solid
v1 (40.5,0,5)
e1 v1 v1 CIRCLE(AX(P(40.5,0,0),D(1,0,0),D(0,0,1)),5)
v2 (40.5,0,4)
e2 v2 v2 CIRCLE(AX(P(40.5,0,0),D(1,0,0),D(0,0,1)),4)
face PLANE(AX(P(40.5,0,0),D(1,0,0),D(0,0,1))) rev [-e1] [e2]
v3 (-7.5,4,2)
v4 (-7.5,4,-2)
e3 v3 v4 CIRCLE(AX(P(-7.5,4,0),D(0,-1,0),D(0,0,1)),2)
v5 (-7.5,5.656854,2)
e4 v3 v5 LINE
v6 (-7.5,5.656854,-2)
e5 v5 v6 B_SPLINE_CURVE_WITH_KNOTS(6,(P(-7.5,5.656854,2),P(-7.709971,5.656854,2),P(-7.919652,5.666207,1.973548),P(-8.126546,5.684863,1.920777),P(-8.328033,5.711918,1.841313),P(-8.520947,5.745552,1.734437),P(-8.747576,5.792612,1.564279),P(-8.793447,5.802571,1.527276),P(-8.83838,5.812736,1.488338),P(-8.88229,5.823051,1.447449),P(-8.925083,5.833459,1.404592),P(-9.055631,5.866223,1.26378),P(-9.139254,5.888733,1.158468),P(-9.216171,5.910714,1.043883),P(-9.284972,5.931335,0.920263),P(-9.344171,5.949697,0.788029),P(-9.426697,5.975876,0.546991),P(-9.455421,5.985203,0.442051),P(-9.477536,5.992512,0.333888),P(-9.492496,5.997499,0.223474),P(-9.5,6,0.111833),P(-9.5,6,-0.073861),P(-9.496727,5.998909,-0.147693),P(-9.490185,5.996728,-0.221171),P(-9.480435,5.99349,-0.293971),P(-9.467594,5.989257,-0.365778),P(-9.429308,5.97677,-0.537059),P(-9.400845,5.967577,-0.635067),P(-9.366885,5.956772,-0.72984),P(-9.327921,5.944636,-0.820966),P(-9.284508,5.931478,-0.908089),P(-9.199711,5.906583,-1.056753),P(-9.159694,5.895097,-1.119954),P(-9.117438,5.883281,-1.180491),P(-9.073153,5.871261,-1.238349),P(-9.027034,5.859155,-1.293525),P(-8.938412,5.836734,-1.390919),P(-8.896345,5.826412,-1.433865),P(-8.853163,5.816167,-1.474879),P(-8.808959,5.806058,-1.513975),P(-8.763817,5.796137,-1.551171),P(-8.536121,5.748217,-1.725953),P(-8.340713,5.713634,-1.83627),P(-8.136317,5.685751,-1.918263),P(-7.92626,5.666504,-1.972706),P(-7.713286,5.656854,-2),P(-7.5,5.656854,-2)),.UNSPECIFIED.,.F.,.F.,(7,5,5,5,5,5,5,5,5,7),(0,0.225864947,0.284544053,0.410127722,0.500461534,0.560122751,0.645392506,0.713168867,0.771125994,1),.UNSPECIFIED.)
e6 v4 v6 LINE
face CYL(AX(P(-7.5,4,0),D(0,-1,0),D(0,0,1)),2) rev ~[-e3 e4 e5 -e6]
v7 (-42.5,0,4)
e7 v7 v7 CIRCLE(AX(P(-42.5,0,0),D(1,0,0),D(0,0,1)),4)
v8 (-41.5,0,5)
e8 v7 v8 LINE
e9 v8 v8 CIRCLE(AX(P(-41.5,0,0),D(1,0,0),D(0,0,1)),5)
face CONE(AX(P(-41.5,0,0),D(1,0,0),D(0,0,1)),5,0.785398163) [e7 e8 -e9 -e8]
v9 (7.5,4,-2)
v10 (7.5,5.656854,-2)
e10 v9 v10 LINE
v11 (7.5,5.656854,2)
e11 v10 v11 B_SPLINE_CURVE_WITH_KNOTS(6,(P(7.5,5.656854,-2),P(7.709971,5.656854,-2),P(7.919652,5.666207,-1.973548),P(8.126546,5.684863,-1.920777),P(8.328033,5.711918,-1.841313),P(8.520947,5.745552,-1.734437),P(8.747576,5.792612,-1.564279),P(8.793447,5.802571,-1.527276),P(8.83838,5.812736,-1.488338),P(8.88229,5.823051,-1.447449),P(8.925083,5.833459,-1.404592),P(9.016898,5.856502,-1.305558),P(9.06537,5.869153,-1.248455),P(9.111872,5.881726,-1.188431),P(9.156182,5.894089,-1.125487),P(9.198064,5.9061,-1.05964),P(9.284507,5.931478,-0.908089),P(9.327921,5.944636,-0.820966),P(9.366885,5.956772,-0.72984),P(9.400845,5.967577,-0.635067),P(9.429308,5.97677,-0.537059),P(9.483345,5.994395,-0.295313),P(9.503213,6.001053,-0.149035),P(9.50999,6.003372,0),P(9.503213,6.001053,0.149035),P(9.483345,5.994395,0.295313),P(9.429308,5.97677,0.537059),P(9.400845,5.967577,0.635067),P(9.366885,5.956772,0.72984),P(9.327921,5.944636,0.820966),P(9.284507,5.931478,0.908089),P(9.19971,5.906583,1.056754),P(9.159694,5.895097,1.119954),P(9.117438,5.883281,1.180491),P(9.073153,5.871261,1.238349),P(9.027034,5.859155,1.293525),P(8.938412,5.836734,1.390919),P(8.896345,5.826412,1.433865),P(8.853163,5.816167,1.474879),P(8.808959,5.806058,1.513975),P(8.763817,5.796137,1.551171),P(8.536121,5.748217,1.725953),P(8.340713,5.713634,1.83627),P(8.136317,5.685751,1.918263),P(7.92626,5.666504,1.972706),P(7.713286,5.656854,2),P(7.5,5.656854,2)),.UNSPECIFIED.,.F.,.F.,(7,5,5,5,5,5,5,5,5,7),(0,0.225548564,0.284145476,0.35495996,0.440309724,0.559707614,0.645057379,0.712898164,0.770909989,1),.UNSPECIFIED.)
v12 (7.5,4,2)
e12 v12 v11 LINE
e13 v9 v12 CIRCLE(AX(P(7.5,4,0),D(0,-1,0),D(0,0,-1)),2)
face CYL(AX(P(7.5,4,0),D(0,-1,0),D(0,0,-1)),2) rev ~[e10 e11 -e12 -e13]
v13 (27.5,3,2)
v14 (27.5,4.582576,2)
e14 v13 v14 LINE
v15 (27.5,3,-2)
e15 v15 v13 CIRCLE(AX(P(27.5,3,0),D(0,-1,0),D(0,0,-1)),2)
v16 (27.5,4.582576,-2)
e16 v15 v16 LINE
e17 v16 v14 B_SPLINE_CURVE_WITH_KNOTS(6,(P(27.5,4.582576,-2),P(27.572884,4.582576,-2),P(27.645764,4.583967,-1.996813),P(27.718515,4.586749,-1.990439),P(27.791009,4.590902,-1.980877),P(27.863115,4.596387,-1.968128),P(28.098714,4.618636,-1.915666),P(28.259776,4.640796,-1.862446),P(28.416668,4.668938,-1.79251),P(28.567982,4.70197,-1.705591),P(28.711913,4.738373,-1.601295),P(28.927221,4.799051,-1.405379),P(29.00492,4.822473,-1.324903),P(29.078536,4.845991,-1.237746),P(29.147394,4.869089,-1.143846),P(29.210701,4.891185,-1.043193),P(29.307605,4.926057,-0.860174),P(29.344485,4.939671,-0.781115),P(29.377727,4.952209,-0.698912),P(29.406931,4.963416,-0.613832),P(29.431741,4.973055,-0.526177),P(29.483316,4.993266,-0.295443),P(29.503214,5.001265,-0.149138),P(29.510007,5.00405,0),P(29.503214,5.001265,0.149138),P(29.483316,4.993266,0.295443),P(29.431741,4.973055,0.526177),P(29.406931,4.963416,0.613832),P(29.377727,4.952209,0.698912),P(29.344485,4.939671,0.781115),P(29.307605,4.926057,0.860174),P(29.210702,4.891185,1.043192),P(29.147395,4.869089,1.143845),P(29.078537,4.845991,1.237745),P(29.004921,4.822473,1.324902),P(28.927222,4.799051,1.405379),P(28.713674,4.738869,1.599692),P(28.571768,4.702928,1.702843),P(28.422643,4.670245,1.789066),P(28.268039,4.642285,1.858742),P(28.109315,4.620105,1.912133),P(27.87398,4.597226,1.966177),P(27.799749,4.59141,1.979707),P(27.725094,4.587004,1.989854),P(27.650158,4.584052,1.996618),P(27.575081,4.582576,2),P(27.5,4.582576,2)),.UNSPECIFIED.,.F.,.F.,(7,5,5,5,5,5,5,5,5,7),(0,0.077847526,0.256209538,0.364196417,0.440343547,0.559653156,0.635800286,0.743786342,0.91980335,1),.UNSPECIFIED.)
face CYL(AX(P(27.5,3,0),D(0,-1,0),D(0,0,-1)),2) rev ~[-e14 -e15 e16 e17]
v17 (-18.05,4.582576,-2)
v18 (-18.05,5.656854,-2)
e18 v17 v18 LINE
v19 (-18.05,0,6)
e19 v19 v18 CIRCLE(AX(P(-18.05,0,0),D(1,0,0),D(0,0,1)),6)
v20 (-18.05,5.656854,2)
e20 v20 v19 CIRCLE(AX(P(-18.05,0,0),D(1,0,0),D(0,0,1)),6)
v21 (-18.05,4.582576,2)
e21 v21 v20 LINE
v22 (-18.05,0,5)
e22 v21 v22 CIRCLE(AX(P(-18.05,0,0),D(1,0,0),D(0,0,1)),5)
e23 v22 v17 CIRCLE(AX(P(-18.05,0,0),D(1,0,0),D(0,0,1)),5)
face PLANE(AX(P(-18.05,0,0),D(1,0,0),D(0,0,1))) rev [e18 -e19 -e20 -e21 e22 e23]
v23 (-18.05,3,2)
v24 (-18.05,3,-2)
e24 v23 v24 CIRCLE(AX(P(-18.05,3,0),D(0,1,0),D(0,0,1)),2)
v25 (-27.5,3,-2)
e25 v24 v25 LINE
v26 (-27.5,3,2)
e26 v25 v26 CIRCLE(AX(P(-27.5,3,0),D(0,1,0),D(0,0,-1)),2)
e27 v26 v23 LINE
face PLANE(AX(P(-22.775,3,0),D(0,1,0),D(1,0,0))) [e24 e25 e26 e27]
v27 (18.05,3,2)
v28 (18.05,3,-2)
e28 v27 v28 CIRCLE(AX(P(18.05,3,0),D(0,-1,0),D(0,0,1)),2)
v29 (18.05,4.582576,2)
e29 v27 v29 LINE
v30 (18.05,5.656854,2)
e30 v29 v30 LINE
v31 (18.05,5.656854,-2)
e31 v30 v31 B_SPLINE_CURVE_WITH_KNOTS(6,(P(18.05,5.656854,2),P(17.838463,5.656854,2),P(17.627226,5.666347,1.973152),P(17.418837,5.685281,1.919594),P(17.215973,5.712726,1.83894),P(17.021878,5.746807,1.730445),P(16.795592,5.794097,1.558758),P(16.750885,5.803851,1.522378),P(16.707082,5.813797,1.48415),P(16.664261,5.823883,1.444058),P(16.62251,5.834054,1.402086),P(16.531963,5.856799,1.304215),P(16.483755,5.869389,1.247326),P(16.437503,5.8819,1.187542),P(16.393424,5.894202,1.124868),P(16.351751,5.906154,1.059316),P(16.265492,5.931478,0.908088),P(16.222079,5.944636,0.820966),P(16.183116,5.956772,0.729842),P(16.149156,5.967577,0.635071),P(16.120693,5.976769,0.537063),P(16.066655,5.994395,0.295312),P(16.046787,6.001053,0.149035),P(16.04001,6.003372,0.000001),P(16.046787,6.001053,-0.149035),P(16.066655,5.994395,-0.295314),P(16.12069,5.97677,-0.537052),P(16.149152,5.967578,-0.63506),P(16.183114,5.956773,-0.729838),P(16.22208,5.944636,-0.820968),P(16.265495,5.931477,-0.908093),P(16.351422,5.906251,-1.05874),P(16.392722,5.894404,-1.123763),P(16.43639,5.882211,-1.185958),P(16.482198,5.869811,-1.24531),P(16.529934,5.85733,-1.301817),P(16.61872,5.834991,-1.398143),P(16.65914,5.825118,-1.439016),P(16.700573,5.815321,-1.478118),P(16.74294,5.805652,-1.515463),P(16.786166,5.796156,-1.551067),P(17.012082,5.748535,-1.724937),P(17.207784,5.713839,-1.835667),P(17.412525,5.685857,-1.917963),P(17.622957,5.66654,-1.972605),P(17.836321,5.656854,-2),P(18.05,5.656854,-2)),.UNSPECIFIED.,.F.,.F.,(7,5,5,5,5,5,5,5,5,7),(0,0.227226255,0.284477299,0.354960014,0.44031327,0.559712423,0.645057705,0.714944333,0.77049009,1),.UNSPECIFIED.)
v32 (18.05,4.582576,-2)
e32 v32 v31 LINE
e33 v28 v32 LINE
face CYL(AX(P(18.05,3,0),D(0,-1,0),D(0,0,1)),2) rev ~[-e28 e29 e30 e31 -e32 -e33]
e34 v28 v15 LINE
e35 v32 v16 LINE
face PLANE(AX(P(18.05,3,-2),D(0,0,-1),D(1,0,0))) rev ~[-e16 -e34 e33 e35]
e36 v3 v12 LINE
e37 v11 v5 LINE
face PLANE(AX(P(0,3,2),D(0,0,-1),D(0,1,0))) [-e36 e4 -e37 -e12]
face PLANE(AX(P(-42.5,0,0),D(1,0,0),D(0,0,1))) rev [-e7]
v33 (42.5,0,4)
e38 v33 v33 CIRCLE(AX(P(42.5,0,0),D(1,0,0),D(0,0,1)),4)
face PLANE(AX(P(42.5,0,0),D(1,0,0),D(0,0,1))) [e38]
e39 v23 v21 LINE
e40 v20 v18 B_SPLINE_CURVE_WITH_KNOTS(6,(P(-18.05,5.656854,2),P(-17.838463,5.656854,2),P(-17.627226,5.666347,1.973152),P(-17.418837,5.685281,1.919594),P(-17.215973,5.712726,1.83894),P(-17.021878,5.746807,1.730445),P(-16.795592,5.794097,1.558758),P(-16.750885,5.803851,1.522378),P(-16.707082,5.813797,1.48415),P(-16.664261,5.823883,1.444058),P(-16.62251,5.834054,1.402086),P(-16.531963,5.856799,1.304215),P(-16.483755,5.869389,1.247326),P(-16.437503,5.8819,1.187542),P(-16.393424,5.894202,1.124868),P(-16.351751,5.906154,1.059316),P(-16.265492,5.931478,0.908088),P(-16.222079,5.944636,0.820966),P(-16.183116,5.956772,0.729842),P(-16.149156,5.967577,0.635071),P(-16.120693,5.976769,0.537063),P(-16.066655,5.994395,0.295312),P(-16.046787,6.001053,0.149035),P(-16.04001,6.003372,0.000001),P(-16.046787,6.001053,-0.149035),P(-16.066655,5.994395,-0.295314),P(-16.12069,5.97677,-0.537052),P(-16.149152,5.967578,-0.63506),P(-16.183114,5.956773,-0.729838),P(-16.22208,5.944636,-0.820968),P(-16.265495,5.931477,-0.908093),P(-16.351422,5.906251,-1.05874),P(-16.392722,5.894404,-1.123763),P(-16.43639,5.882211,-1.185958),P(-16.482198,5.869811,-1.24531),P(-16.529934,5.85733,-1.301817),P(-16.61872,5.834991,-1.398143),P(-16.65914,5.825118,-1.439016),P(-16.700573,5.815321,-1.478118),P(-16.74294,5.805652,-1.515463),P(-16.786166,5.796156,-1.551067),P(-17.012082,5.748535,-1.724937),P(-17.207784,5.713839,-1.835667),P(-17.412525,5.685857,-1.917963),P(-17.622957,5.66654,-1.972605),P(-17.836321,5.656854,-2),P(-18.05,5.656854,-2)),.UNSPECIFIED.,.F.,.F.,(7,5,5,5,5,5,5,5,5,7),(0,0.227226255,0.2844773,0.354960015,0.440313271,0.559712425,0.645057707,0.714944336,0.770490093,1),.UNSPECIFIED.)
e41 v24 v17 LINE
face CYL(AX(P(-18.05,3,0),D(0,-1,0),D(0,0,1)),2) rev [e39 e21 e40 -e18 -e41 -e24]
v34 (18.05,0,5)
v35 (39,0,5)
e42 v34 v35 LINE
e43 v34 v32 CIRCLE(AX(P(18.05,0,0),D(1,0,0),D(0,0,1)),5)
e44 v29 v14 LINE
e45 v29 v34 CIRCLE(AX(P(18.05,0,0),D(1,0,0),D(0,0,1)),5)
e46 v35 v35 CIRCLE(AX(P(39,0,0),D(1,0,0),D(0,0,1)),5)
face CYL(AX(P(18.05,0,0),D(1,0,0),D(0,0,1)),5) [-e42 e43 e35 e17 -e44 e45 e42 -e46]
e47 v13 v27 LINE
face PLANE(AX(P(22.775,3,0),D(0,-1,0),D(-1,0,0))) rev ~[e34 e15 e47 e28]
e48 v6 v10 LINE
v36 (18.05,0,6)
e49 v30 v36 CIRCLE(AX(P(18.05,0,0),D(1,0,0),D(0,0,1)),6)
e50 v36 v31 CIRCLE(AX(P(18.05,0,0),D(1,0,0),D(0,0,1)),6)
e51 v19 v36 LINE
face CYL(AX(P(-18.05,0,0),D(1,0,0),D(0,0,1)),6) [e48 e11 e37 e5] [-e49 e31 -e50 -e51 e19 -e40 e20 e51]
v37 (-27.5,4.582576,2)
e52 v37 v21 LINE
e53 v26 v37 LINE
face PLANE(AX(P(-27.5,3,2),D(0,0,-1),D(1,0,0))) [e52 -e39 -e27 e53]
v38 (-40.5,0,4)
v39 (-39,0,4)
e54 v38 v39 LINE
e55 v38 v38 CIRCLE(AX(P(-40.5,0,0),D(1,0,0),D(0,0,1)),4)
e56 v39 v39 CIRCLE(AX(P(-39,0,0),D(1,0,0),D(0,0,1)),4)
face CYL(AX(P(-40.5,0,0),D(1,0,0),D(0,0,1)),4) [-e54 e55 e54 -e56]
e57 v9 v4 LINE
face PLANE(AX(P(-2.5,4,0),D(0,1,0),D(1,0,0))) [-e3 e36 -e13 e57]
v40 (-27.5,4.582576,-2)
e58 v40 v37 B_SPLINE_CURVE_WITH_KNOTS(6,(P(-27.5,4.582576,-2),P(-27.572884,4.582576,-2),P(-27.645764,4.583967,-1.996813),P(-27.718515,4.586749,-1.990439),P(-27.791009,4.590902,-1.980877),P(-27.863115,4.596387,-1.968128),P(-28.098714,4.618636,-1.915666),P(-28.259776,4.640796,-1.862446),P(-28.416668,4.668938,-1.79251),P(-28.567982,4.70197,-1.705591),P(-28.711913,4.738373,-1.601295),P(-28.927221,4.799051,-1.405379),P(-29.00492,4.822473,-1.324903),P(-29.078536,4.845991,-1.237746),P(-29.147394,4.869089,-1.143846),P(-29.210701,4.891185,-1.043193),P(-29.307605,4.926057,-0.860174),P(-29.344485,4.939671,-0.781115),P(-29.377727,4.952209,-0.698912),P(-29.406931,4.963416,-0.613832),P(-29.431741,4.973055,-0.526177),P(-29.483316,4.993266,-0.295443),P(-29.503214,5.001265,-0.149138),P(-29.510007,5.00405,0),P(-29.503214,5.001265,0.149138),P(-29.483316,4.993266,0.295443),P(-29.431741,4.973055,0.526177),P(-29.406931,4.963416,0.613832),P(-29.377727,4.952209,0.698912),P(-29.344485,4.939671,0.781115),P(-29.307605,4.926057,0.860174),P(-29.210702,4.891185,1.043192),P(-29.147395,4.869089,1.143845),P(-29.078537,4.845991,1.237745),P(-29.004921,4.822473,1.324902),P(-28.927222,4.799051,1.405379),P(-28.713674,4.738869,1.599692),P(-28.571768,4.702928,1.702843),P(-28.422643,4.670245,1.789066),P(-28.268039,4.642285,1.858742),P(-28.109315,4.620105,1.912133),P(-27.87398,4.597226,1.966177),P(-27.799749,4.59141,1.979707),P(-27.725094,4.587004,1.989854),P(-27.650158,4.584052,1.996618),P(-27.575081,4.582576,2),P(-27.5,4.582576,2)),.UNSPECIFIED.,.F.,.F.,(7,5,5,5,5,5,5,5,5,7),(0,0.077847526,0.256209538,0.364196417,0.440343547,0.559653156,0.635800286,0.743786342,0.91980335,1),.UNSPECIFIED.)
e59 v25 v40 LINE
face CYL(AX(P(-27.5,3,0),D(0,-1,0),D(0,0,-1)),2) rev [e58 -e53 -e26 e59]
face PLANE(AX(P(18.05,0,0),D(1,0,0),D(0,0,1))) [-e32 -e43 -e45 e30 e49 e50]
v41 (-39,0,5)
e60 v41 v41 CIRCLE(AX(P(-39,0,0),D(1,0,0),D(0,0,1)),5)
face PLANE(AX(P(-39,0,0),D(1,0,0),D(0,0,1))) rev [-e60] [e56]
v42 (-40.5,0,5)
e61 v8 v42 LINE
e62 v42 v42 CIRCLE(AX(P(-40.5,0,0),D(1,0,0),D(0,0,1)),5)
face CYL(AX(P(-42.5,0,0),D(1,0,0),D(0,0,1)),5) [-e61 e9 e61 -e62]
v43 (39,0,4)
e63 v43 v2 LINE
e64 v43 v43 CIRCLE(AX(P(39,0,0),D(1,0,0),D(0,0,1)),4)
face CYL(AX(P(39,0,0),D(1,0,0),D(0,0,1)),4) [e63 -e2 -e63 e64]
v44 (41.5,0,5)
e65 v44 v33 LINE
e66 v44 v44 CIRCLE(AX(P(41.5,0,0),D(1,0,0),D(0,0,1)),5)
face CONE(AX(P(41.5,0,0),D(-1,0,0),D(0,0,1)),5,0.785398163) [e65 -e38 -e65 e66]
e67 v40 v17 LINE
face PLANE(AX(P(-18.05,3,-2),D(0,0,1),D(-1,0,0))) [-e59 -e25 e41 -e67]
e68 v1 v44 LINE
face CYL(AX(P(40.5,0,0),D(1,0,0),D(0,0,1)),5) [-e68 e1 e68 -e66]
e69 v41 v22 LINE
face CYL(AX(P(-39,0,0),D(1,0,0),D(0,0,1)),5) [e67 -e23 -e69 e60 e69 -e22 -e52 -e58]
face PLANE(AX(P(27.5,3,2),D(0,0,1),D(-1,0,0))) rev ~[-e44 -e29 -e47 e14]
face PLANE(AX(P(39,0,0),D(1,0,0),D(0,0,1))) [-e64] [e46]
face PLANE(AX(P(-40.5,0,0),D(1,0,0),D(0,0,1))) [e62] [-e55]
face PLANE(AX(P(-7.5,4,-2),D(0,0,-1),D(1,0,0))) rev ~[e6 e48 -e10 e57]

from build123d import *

# Parameters (mm, degrees)
CHAMFER1_SIZE       = 1
SKETCH3_W           = 4
SKETCH3_H           = 4
CUT_EXTRUDE1_DEPTH  = 5
CUT_EXTRUDE2_DEPTH  = 10
CUT_EXTRUDE3_START  = 1
CUT_EXTRUDE3_DEPTH  = 10
BOSS_EXTRUDE1_REACH = 46.071
SKETCH6_W           = 5
SKETCH6_H           = 4


with BuildPart() as part:
    # Sketch1 → Revolve1 (revolve)
    with BuildSketch(Plane.XY, mode=Mode.PRIVATE) as revolve1_sk:
        Polygon((-42.5, 0), (-42.5, 5), (-40.5, 5), (-40.5, 4), (-39, 4), (-39, 5), (-18.05, 5), (-18.05, 6), (18.05, 6), (18.05, 5), (39, 5), (39, 4), (40.5, 4), (40.5, 5), (42.5, 5), (42.5, 0), align=None)
    revolve(revolve1_sk.sketch.rotate(Axis((-47.151991765, 0, 0), (1, 0, 0)), 90), axis=Axis((-47.151991765, 0, 0), (1, 0, 0)))

    # Chamfer1
    chamfer1_edges = [part.edges().sort_by_distance(p)[0] for p in [
        (-42.5, 0, -5),
        (42.5, 0, -5),
    ]]
    chamfer(chamfer1_edges, length=CHAMFER1_SIZE)

    # Sketch3 → Cut-Extrude1 (cut)
    with BuildSketch(Plane(origin=(0, 0, 0), x_dir=(0, 0, -1), z_dir=(1, 0, 0))):
        with Locations((0, 5)):
            Rectangle(SKETCH3_W, SKETCH3_H)
    extrude(amount=-CUT_EXTRUDE1_DEPTH, mode=Mode.SUBTRACT)

    # Sketch4 → Cut-Extrude2 (cut)
    with BuildSketch(Plane(origin=(0, 3, 0), x_dir=(1, 0, 0), z_dir=(0, 1, 0))):
        with BuildLine():
            Line((27.5, -2), (18.05, -2))
            ThreePointArc((18.05, -2), (16.05, 0), (18.05, 2))
            Line((18.05, 2), (27.5, 2))
            ThreePointArc((27.5, 2), (29.5, 0), (27.5, -2))
        make_face()
        with BuildLine():
            Line((-18.05, 2), (-27.5, 2))
            ThreePointArc((-27.5, 2), (-29.5, 0), (-27.5, -2))
            Line((-27.5, -2), (-18.05, -2))
            ThreePointArc((-18.05, -2), (-16.05, 0), (-18.05, 2))
        make_face()
    extrude(amount=CUT_EXTRUDE2_DEPTH, mode=Mode.SUBTRACT)

    # Sketch5 → Cut-Extrude3 (cut)
    with BuildSketch(Plane(origin=(0, 3, 0), x_dir=(1, 0, 0), z_dir=(0, 1, 0)).offset(CUT_EXTRUDE3_START)):
        with BuildLine():
            Line((7.5, -2), (-7.5, -2))
            ThreePointArc((-7.5, -2), (-9.5, 0), (-7.5, 2))
            Line((-7.5, 2), (7.5, 2))
            ThreePointArc((7.5, 2), (9.5, 0), (7.5, -2))
        make_face()
    extrude(amount=CUT_EXTRUDE3_DEPTH, mode=Mode.SUBTRACT)

    # Sketch6 → Boss-Extrude1 (add, up to next)
    with BuildSketch(Plane(origin=(0, 4, 0), x_dir=(1, 0, 0), z_dir=(0, 1, 0)), mode=Mode.PRIVATE) as boss_extrude1_sk1:
        with Locations((-2.5, 0)):
            Rectangle(SKETCH6_W, SKETCH6_H)
    boss_extrude1_tool1 = extrude(boss_extrude1_sk1.sketch, amount=-BOSS_EXTRUDE1_REACH, mode=Mode.PRIVATE) - part.part
    add(boss_extrude1_tool1.solids().sort_by_distance((-2.5, 4, 0))[0])


solid = part.part
